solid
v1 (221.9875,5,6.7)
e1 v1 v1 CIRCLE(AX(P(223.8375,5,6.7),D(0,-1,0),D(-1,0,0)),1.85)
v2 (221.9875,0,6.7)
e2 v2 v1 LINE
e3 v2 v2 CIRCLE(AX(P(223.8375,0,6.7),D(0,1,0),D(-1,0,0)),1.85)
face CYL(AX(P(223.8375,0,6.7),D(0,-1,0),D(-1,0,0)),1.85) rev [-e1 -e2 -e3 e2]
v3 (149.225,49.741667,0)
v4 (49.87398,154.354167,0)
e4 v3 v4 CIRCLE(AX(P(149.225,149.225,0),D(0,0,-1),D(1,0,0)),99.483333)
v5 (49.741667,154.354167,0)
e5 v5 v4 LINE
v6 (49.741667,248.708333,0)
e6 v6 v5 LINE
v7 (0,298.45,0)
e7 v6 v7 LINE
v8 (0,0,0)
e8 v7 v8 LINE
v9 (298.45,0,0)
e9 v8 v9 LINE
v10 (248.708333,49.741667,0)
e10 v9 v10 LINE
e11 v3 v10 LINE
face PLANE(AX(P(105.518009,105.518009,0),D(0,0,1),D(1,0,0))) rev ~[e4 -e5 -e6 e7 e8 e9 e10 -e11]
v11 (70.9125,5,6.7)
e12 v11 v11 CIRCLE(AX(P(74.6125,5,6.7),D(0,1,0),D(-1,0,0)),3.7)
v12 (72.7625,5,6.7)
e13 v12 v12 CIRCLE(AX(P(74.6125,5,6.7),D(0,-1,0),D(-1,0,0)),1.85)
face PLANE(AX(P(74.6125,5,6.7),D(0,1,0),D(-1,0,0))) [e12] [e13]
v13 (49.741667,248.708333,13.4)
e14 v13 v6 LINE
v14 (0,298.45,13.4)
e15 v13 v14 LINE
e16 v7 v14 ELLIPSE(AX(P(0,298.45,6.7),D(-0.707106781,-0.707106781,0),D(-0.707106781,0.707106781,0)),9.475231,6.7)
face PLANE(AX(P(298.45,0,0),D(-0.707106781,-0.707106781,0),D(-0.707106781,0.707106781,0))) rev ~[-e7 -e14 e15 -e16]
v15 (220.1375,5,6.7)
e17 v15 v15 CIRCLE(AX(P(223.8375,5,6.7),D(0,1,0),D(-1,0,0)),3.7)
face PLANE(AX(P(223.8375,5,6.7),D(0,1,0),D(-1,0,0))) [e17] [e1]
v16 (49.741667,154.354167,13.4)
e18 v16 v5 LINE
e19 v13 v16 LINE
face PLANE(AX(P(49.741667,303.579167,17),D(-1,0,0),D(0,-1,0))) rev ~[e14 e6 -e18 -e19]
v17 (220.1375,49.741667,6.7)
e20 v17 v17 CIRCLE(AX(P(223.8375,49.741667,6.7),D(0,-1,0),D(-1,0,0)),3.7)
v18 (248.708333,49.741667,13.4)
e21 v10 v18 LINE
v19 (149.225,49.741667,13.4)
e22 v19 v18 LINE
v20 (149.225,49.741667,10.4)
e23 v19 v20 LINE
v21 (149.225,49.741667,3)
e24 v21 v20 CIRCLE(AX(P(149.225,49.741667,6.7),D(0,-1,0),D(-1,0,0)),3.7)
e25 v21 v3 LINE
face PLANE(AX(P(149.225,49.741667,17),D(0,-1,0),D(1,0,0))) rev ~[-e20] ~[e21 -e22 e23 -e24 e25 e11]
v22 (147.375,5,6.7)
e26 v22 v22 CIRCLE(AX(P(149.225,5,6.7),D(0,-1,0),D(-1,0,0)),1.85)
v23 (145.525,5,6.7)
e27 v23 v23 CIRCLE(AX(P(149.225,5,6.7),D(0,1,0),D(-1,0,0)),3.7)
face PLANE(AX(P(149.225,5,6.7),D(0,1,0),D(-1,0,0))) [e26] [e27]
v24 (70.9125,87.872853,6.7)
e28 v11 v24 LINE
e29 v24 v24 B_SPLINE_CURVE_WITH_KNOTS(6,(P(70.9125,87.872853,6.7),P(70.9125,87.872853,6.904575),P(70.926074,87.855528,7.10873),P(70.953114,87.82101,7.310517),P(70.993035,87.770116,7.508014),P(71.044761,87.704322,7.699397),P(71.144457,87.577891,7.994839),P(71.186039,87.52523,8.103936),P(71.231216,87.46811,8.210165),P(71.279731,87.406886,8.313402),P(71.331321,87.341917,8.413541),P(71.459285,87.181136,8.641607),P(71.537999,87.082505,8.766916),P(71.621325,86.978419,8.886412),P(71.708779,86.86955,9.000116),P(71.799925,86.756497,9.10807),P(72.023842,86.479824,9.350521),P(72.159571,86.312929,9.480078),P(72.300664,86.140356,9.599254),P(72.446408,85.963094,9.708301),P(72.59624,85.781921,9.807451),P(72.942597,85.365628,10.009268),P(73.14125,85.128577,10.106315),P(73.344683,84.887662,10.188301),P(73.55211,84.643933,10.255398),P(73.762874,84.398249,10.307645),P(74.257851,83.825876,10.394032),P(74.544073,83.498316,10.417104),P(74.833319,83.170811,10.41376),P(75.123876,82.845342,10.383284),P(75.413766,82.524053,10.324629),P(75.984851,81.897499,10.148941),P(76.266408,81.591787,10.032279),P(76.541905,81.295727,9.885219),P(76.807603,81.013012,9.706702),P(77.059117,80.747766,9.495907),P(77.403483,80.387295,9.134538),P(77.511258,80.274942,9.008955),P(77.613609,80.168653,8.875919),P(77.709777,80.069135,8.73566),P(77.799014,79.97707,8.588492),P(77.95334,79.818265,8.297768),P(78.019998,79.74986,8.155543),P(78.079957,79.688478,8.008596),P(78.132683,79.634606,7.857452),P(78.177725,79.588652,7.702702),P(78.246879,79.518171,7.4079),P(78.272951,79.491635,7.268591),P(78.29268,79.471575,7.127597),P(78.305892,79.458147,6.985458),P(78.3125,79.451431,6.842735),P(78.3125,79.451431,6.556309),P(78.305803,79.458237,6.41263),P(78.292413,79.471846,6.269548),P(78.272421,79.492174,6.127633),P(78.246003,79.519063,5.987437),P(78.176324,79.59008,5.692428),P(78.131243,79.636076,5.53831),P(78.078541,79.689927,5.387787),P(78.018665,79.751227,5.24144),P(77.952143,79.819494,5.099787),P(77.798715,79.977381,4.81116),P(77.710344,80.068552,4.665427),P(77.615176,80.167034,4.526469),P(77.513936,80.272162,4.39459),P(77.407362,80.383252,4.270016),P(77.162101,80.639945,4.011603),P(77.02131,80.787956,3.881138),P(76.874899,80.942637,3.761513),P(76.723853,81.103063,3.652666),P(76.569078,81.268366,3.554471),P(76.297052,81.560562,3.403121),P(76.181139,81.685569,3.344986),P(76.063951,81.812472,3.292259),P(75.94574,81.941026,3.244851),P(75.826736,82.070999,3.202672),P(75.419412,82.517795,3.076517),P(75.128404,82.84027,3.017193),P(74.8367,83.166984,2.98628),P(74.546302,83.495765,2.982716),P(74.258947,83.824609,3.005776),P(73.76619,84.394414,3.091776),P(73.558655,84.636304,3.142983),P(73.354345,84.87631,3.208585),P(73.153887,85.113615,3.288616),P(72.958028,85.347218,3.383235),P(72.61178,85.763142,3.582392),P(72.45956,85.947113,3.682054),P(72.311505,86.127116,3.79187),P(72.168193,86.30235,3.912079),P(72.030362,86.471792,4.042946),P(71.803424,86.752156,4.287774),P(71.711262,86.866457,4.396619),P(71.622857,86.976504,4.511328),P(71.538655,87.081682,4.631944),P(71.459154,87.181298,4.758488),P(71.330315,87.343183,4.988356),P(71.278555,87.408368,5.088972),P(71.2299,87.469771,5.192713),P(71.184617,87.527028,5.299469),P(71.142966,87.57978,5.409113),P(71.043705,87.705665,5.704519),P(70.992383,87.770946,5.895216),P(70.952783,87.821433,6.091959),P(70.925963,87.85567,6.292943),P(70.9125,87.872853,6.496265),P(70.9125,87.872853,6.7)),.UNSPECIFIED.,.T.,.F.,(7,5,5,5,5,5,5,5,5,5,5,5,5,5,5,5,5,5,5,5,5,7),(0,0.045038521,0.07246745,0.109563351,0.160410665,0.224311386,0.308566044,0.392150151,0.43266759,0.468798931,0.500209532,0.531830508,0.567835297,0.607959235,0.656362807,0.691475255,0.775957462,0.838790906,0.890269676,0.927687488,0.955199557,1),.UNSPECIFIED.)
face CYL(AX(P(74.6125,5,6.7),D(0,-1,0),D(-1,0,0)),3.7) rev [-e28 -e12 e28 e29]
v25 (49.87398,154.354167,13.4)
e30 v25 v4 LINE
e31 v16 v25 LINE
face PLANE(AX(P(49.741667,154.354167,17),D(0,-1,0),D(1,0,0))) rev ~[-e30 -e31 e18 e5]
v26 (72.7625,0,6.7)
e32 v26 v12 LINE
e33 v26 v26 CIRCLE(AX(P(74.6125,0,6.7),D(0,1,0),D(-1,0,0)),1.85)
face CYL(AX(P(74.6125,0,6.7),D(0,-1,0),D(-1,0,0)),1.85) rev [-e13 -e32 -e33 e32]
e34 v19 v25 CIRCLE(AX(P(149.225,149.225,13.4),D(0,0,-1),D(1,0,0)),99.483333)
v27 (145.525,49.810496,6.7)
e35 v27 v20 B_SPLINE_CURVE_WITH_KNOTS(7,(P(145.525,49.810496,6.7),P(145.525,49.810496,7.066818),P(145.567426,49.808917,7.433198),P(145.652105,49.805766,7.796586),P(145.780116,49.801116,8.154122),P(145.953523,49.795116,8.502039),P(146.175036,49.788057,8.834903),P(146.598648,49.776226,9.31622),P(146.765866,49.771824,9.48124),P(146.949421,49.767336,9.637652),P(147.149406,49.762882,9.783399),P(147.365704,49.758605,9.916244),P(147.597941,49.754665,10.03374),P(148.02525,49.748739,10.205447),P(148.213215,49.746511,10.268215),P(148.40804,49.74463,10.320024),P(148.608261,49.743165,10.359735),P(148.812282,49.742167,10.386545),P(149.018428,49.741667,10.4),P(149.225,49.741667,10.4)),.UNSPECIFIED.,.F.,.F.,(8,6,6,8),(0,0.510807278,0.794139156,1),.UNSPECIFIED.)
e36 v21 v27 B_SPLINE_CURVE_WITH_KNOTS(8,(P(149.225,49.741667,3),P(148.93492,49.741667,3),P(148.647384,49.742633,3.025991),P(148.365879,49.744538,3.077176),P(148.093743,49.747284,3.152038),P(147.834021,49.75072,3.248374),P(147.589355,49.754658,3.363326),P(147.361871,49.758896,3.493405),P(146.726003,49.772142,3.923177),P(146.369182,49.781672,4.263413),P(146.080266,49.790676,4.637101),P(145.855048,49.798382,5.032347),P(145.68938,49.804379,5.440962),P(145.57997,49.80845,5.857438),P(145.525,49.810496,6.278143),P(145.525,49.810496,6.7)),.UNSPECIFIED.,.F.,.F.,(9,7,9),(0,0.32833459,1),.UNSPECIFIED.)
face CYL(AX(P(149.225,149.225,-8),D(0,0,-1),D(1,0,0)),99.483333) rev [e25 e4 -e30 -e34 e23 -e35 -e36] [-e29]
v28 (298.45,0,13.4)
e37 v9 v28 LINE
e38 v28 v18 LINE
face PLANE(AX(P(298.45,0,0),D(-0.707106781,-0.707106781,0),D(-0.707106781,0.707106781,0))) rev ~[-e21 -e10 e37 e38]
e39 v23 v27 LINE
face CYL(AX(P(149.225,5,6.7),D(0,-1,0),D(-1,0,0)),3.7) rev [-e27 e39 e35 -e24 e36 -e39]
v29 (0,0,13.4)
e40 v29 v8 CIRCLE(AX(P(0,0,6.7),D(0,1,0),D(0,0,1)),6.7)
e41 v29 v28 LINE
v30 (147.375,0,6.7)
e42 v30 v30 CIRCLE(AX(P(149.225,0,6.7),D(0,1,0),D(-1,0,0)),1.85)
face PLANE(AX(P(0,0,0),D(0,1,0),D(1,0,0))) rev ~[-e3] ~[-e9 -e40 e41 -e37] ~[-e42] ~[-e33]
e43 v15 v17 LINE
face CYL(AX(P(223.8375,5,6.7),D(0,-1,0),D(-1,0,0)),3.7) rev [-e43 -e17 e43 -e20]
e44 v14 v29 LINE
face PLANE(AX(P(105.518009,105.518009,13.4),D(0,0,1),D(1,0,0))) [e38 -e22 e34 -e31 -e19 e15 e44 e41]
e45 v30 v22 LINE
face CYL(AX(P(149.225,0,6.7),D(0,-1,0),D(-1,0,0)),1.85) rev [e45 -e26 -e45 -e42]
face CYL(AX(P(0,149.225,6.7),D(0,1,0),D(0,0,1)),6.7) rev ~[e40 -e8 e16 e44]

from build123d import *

# Parameters (mm, degrees)
PAD_DEPTH              = 13.4
CYLINDER_W             = 6.7
CYLINDER_H             = 298.45
CYLINDER_ANGLE         = 180
CYLINDER001_R          = 99.483333
CYLINDER001_DEPTH      = 32
BOX_W                  = 149.225
BOX_H                  = 30
BOX_DEPTH              = 21
BOX001_W               = 33
BOX001_H               = 149.225
BOX001_DEPTH           = 22
CYLINDER002_R          = 3.7
CYLINDER002_DEPTH      = 105
LINEARPATTERN_COUNT    = 3
LINEARPATTERN_PITCH    = 74.6125
CYLINDER003_R          = 1.85
CYLINDER003_DEPTH      = 100
LINEARPATTERN001_COUNT = 3
LINEARPATTERN001_PITCH = 74.6125


with BuildPart() as part:
    # Sketch → Pad (new body)
    with BuildSketch(Plane.XY):
        Polygon((0, 0), (298.45, 0), (0, 298.45), align=None)
    extrude(amount=PAD_DEPTH)

    # Cylinder → Cylinder (revolve, cut)
    with BuildSketch(Plane(origin=(0, 0, 6.7), x_dir=(0, 0, 1), z_dir=(-1, 0, 0))):
        with Locations((3.35, 149.225)):
            Rectangle(CYLINDER_W, CYLINDER_H)
    revolve(axis=Axis((0, 0, 6.7), (0, 1, 0)), revolution_arc=CYLINDER_ANGLE, mode=Mode.SUBTRACT)

    # Cylinder001 → Cylinder001 (cut)
    with BuildSketch(Plane(origin=(149.225, 149.225, -8), x_dir=(1, 0, 0), z_dir=(0, 0, 1))):
        Circle(CYLINDER001_R)
    extrude(amount=CYLINDER001_DEPTH, mode=Mode.SUBTRACT)

    # Box → Box (cut)
    with BuildSketch(Plane(origin=(149.225, 79.741667, 17), x_dir=(1, 0, 0), z_dir=(0, 0, -1))):
        with Locations((74.6125, 15)):
            Rectangle(BOX_W, BOX_H)
    extrude(amount=BOX_DEPTH, mode=Mode.SUBTRACT)

    # Box001 → Box001 (cut)
    with BuildSketch(Plane(origin=(49.741667, 303.579167, 17), x_dir=(1, 0, 0), z_dir=(0, 0, -1))):
        with Locations((16.5, 74.6125)):
            Rectangle(BOX001_W, BOX001_H)
    extrude(amount=BOX001_DEPTH, mode=Mode.SUBTRACT)

    # Cylinder002 → Cylinder002 (cut)
    with BuildSketch(Plane(origin=(74.6125, 5, 6.7), x_dir=(-1, 0, 0), z_dir=(0, 1, 0))):
        Circle(CYLINDER002_R)
    cylinder002 = extrude(amount=CYLINDER002_DEPTH, mode=Mode.SUBTRACT)

    # LinearPattern: Cylinder002 ×3
    with Locations(*[(i * LINEARPATTERN_PITCH, 0, 0) for i in range(1, LINEARPATTERN_COUNT)]):
        add(cylinder002, mode=Mode.SUBTRACT)

    # Cylinder003 → Cylinder003 (cut)
    with BuildSketch(Plane(origin=(74.6125, 0, 6.7), x_dir=(-1, 0, 0), z_dir=(0, 1, 0))):
        Circle(CYLINDER003_R)
    cylinder003 = extrude(amount=CYLINDER003_DEPTH, mode=Mode.SUBTRACT)

    # LinearPattern001: Cylinder003 ×3
    with Locations(*[(i * LINEARPATTERN001_PITCH, 0, 0) for i in range(1, LINEARPATTERN001_COUNT)]):
        add(cylinder003, mode=Mode.SUBTRACT)


solid = part.part
